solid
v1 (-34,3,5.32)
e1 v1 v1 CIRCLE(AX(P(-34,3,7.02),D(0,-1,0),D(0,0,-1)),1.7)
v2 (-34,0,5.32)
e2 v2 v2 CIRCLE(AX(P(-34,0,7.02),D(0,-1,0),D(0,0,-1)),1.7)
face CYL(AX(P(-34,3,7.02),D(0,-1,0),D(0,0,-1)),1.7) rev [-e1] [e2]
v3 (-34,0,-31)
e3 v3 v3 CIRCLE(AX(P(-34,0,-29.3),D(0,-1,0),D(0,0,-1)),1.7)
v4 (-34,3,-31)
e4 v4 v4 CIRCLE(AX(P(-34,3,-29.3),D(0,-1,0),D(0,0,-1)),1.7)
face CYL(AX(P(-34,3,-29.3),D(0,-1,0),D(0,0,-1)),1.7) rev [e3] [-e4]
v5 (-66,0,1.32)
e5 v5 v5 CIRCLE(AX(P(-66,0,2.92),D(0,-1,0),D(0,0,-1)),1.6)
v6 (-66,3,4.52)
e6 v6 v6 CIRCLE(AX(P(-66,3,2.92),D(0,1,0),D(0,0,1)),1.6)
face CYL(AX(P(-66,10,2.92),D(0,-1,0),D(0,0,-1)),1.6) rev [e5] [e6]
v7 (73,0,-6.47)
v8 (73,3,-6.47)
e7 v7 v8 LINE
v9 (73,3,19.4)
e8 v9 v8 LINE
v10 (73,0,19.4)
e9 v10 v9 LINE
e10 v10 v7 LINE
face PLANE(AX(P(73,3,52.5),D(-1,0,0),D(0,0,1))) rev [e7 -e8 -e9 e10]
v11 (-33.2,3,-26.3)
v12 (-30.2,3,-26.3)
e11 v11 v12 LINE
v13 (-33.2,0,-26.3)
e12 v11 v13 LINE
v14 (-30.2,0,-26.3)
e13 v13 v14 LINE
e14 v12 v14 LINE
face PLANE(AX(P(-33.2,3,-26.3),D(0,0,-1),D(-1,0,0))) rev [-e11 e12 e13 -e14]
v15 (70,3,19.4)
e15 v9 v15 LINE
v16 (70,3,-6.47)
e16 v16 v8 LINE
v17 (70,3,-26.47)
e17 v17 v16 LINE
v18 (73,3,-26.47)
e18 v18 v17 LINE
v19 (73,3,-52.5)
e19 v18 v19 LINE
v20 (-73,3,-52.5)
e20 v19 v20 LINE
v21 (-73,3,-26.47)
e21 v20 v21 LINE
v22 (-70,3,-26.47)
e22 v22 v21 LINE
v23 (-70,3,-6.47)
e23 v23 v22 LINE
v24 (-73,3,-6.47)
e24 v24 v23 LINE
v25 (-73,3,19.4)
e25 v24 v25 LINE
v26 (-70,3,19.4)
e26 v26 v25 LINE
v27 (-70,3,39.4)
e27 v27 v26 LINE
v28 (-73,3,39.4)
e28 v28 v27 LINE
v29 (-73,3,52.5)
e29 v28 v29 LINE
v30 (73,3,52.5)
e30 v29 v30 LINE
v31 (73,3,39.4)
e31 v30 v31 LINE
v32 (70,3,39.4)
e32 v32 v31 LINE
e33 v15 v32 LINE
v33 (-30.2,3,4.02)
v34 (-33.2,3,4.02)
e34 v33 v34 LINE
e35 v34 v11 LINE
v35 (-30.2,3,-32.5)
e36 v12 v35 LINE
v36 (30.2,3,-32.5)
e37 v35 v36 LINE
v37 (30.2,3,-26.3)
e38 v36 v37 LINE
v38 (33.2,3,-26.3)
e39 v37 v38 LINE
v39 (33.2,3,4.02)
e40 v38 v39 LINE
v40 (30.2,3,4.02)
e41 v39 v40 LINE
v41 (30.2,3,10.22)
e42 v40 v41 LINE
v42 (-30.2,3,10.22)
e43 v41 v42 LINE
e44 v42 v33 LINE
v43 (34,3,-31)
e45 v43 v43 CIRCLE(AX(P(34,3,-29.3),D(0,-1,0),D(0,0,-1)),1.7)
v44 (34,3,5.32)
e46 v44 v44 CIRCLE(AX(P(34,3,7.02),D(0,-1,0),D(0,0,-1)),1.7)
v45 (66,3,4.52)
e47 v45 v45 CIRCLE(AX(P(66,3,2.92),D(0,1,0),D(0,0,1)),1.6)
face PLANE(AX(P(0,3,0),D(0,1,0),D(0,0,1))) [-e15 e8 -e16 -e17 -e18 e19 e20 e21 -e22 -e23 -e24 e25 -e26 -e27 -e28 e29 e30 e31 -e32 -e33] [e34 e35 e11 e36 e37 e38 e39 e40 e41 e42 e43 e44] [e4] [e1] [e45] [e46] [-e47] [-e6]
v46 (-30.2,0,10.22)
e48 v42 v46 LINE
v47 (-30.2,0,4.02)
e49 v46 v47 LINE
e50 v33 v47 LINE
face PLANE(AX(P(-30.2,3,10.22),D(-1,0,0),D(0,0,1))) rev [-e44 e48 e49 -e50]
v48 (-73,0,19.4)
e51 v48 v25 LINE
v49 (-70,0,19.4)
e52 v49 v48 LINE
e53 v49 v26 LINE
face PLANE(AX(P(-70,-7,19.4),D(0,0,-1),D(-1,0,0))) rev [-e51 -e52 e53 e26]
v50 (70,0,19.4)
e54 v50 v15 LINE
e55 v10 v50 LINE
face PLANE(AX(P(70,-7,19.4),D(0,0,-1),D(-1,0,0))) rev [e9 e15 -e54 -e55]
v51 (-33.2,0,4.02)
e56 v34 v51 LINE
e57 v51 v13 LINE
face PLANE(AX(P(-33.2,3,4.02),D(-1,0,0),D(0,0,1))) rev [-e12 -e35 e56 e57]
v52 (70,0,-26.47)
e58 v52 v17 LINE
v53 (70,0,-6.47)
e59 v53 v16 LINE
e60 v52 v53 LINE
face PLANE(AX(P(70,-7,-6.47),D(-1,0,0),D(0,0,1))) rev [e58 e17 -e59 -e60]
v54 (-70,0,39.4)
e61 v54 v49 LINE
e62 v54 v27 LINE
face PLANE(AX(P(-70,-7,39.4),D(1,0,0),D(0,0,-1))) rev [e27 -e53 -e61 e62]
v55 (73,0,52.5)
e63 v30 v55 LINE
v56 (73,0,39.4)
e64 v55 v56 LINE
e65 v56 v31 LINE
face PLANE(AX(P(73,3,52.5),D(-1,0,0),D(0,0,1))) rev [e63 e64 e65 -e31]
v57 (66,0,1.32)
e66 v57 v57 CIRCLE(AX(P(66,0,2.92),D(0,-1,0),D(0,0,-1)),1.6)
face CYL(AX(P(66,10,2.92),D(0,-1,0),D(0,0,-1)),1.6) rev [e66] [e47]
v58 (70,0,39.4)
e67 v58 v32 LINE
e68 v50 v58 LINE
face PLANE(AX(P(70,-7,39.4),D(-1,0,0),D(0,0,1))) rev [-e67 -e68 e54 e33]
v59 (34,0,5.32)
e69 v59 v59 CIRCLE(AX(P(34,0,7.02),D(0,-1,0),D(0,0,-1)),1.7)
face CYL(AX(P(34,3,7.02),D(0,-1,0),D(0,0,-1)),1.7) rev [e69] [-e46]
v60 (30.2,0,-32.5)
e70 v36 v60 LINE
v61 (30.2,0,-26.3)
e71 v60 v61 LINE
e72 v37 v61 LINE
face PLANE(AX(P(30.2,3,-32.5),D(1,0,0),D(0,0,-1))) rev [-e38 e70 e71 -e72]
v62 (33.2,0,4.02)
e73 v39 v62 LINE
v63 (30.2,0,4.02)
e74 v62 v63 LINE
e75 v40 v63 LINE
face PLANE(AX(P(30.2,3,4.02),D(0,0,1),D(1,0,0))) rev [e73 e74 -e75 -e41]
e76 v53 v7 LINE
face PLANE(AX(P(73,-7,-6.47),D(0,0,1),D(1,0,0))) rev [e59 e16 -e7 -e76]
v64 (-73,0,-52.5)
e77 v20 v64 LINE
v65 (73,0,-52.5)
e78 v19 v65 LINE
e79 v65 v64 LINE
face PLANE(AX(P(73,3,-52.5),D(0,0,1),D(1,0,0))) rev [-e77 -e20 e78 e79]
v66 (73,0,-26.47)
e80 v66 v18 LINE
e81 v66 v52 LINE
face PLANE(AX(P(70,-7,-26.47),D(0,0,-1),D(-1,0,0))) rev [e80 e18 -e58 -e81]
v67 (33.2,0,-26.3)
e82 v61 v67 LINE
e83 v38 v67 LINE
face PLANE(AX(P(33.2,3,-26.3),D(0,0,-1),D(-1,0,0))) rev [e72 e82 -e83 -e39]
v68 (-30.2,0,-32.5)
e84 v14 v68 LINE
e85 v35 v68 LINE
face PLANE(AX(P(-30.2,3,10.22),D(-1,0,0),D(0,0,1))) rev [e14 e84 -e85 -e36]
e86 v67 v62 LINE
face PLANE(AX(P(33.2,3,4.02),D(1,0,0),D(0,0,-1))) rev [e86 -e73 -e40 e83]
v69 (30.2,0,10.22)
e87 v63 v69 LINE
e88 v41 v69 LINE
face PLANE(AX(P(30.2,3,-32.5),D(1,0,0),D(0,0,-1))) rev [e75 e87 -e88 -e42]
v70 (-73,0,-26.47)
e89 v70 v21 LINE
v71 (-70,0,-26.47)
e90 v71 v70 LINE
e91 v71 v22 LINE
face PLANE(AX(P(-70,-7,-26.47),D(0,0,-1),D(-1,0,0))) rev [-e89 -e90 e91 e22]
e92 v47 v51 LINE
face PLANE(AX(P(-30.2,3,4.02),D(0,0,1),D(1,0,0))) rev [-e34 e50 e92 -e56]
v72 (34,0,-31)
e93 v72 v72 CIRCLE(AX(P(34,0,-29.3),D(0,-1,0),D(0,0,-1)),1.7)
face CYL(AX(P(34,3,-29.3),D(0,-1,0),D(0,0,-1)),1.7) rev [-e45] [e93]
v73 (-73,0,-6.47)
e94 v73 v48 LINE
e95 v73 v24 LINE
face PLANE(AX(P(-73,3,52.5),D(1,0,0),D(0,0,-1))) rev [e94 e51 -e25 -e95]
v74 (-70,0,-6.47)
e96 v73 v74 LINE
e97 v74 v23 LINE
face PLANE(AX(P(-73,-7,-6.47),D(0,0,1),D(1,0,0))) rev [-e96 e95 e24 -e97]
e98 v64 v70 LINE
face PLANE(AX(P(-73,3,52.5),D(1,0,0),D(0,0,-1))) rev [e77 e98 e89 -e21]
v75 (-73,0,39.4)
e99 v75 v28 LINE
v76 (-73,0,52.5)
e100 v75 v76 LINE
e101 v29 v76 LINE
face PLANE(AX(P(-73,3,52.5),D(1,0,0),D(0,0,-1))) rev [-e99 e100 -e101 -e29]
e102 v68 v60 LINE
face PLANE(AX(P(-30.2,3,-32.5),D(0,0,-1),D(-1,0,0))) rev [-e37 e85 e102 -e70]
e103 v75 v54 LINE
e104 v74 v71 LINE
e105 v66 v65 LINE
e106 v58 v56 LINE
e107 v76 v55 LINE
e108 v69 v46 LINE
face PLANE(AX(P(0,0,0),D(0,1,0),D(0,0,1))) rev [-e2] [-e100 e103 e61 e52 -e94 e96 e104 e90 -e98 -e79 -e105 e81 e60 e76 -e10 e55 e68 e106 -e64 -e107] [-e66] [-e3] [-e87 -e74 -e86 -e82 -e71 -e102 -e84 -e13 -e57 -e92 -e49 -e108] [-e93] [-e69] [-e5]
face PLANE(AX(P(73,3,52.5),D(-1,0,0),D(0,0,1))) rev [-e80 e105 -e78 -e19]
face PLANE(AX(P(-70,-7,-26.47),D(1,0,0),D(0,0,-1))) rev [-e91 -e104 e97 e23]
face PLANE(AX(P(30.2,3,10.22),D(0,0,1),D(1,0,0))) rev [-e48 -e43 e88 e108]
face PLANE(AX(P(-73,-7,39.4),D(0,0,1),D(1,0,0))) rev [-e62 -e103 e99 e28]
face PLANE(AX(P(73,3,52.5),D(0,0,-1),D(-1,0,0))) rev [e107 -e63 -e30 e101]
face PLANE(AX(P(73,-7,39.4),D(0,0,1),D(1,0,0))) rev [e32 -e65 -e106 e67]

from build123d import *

# Parameters (mm, degrees)
SKETCH1_W           = 146
SKETCH1_H           = 105
BOSS_EXTRUDE1_DEPTH = 3
SKETCH2_W           = 3
SKETCH2_H           = 20
CUT_EXTRUDE1_DEPTH  = 10
SKETCH3_R           = 1.7
SKETCH3_W           = 60.4
SKETCH3_H           = 42.72
CUT_EXTRUDE2_DEPTH  = 3
SKETCH5_W           = 3
SKETCH5_H           = 30.32
CUT_EXTRUDE4_DEPTH  = 90.968049884
SKETCH6_R           = 1.6
CUT_EXTRUDE5_DEPTH  = 10


with BuildPart() as part:
    # Sketch1 → Boss-Extrude1 (new body)
    with BuildSketch(Plane(origin=(0, 0, 0), x_dir=(1, 0, 0), z_dir=(0, 1, 0))):
        Rectangle(SKETCH1_W, SKETCH1_H)
    extrude(amount=BOSS_EXTRUDE1_DEPTH)

    # Sketch2 → Cut-Extrude1 (cut)
    with BuildSketch(Plane(origin=(0, 3, 0), x_dir=(1, 0, 0), z_dir=(0, 1, 0))):
        with Locations((-71.5, 16.47)):
            Rectangle(SKETCH2_W, SKETCH2_H)
        with Locations((71.5, 16.47)):
            Rectangle(SKETCH2_W, SKETCH2_H)
        with Locations((-71.5, -29.4)):
            Rectangle(SKETCH2_W, SKETCH2_H)
        with Locations((71.5, -29.4)):
            Rectangle(SKETCH2_W, SKETCH2_H)
    extrude(amount=-CUT_EXTRUDE1_DEPTH, mode=Mode.SUBTRACT)

    # Sketch3 → Cut-Extrude2 (cut)
    with BuildSketch(Plane(origin=(0, 0, 0), x_dir=(-1, 0, 0), z_dir=(0, -1, 0))):
        with Locations(Location((-34, 29.3, 0), (0, 0, 90))):
            Circle(SKETCH3_R)
        with Locations(Location((-34, -7.02, 0), (0, 0, 90))):
            Circle(SKETCH3_R)
        with Locations(Location((34, 29.3, 0), (0, 0, 90))):
            Circle(SKETCH3_R)
        with Locations(Location((34, -7.02, 0), (0, 0, 90))):
            Circle(SKETCH3_R)
        with Locations((0, 11.14)):
            Rectangle(SKETCH3_W, SKETCH3_H)
    extrude(amount=-CUT_EXTRUDE2_DEPTH, mode=Mode.SUBTRACT)

    # Sketch5 → Cut-Extrude4 (cut, through all)
    with BuildSketch(Plane(origin=(0, 0, 0), x_dir=(-1, 0, 0), z_dir=(0, -1, 0))):
        with Locations((31.7, 11.14)):
            Rectangle(SKETCH5_W, SKETCH5_H)
        with Locations((-31.7, 11.14)):
            Rectangle(SKETCH5_W, SKETCH5_H)
    extrude(amount=-CUT_EXTRUDE4_DEPTH, mode=Mode.SUBTRACT)

    # Sketch6 → Cut-Extrude5 (cut)
    with BuildSketch(Plane.XZ):
        with Locations(Location((-66, 2.92, 0), (0, 0, 270))):
            Circle(SKETCH6_R)
        with Locations(Location((66, 2.92, 0), (0, 0, 270))):
            Circle(SKETCH6_R)
    extrude(amount=-CUT_EXTRUDE5_DEPTH, mode=Mode.SUBTRACT)


solid = part.part
